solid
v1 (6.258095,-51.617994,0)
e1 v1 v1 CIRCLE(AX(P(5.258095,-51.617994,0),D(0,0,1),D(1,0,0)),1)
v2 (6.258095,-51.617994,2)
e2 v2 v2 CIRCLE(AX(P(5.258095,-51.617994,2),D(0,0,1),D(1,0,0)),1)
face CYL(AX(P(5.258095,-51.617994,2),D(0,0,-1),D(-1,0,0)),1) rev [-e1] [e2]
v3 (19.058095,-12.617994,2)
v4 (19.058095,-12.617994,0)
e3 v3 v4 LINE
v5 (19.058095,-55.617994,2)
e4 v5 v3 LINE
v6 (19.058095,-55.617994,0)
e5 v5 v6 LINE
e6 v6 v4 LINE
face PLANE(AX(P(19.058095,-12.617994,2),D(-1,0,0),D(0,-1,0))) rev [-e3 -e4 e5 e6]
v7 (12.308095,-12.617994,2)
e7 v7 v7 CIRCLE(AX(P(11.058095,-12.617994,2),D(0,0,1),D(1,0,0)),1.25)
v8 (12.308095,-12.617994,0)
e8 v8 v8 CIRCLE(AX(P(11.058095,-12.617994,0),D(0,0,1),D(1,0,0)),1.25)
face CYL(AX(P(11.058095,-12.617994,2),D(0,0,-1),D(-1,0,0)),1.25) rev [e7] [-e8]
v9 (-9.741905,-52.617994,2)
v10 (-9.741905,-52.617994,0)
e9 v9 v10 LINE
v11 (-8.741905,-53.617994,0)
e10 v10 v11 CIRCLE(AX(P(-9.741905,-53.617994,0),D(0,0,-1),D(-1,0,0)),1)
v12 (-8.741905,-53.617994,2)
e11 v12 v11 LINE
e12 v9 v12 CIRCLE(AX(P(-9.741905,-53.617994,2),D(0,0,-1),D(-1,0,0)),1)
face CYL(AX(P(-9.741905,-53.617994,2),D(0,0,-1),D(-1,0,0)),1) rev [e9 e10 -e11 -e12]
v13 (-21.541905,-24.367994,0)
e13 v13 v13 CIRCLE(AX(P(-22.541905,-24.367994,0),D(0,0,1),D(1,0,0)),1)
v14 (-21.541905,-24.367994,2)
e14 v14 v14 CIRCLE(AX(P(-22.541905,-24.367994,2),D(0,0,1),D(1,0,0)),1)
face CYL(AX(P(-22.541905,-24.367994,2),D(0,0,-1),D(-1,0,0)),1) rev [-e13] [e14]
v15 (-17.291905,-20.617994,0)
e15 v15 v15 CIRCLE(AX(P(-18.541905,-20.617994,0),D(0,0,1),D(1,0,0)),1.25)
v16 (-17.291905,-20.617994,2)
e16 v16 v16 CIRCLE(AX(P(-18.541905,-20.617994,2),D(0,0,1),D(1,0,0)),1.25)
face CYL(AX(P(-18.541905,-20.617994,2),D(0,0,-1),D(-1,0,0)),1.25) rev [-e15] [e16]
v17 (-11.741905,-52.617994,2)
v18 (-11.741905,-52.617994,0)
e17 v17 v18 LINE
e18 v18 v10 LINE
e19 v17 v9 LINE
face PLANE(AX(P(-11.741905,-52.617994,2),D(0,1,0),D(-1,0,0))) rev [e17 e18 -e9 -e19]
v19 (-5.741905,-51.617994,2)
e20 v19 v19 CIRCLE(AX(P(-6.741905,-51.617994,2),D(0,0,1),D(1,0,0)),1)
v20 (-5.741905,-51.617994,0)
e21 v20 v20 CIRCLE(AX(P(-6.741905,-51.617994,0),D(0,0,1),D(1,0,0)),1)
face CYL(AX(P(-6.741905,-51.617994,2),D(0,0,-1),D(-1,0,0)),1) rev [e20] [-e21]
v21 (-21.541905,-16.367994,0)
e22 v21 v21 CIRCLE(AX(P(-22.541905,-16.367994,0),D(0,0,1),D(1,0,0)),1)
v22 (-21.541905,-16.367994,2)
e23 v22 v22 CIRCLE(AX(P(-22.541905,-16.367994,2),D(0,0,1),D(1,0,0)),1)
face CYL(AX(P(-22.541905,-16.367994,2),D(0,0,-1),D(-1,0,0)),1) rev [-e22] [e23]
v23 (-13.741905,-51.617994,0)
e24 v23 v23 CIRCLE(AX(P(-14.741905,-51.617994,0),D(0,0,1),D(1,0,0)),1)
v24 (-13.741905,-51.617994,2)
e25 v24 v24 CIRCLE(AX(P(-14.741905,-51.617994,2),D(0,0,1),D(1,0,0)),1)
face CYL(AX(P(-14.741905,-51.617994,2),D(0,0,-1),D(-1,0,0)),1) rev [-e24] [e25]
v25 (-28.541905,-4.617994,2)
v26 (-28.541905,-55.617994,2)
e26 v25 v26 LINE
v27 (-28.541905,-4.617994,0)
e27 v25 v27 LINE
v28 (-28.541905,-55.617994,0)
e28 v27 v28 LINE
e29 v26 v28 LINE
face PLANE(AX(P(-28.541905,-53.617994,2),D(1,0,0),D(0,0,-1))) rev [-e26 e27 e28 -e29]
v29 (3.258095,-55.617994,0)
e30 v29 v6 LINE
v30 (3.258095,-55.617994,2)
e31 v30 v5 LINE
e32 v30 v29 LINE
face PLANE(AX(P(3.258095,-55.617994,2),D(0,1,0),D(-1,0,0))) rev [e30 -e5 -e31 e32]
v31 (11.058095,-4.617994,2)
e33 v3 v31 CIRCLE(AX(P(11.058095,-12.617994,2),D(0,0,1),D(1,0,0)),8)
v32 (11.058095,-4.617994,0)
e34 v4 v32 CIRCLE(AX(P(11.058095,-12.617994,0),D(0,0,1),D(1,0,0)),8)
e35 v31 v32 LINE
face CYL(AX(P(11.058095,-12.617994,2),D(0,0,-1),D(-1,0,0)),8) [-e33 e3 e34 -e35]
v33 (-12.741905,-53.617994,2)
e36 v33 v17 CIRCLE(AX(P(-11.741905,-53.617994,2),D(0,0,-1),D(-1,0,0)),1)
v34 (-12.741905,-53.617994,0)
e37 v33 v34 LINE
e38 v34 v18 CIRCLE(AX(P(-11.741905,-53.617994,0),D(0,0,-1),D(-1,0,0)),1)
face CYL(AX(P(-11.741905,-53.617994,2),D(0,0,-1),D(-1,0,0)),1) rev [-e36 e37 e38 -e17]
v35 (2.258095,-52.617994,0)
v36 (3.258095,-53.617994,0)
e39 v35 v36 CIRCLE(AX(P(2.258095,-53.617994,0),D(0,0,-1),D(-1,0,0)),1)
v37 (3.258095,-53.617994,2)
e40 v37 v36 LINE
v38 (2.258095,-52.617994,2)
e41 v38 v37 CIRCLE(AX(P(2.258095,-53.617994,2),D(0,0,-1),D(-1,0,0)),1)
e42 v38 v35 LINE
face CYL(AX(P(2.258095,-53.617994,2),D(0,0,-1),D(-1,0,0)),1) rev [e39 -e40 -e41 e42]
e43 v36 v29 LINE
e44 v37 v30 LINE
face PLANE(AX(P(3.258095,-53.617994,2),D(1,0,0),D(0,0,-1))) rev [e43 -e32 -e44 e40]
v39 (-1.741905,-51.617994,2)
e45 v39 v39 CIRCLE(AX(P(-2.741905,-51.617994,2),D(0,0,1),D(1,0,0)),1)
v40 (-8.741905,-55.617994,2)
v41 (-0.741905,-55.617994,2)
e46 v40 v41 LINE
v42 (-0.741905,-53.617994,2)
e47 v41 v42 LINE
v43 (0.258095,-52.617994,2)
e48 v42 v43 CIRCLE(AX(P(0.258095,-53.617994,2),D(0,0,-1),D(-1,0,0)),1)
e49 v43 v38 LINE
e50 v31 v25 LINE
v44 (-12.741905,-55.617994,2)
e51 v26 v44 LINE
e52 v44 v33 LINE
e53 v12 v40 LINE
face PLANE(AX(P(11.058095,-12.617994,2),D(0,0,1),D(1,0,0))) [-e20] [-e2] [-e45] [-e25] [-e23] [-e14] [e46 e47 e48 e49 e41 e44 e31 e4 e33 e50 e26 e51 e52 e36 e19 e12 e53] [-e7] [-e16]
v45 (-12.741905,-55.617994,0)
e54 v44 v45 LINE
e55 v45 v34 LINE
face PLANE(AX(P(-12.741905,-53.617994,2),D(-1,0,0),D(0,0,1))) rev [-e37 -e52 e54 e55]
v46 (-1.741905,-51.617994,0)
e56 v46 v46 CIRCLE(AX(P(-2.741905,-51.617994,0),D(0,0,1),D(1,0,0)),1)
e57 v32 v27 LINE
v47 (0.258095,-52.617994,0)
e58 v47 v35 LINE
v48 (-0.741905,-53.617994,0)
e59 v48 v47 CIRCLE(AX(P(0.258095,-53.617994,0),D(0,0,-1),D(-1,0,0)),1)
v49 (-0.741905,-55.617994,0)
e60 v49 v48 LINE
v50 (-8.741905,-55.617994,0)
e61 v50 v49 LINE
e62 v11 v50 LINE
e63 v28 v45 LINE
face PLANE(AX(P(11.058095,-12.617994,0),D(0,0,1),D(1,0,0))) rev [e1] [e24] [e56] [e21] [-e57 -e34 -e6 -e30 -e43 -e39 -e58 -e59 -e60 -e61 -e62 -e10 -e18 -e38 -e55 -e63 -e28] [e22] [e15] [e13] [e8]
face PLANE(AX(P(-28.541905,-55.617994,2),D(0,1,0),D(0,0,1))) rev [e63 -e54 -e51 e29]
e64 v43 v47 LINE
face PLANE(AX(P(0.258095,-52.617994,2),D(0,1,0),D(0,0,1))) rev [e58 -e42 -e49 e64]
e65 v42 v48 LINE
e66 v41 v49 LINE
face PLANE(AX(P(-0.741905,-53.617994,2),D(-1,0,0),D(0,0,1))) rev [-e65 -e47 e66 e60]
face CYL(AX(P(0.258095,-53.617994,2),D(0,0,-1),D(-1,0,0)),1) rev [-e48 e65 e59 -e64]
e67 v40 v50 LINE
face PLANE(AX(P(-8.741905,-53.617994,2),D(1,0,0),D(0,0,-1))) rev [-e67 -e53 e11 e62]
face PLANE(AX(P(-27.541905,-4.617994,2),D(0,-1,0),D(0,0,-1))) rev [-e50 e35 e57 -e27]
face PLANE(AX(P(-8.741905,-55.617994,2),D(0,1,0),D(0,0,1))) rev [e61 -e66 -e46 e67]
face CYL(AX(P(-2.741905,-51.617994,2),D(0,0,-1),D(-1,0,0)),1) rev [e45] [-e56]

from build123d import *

# Parameters (mm, degrees)
SKETCH_1_R      = 1.25
SKETCH_1_R_2    = 1
EXTRUDE_2_DEPTH = 2


with BuildPart() as part:
    # 草圖1 → 填料-伸長2 (new body)
    with BuildSketch(Plane.XY):
        with BuildLine():
            Line((-28.541905067, -5.335177429), (-28.541905067, -52.335177429))
            Line((-28.541905067, -52.335177429), (-28.541905067, -53.6179941))
            Line((-28.541905067, -53.6179941), (-28.541905067, -55.6179941))
            Line((-28.541905067, -55.6179941), (-12.741905067, -55.6179941))
            Line((-12.741905067, -55.6179941), (-12.741905067, -53.6179941))
            ThreePointArc((-12.741905067, -53.6179941), (-12.449011848, -52.910887319), (-11.741905067, -52.6179941))
            Line((-11.741905067, -52.6179941), (-9.741905067, -52.6179941))
            ThreePointArc((-9.741905067, -52.6179941), (-9.034798286, -52.910887319), (-8.741905067, -53.6179941))
            Line((-8.741905067, -53.6179941), (-8.741905067, -55.6179941))
            Line((-8.741905067, -55.6179941), (-0.741905067, -55.6179941))
            Line((-0.741905067, -55.6179941), (-0.741905067, -53.6179941))
            ThreePointArc((-0.741905067, -53.6179941), (-0.449011848, -52.910887319), (0.258094933, -52.6179941))
            Line((0.258094933, -52.6179941), (2.258094933, -52.6179941))
            ThreePointArc((2.258094933, -52.6179941), (2.965201714, -52.910887319), (3.258094933, -53.6179941))
            Line((3.258094933, -53.6179941), (3.258094933, -55.6179941))
            Line((3.258094933, -55.6179941), (19.058094933, -55.6179941))
            Line((19.058094933, -55.6179941), (19.058094933, -53.900810772))
            Line((19.058094933, -53.900810772), (19.058094933, -52.6179941))
            Line((19.058094933, -52.6179941), (19.058094933, -12.6179941))
            ThreePointArc((19.058094933, -12.6179941), (16.714949182, -6.961139851), (11.058094933, -4.6179941))
            Line((11.058094933, -4.6179941), (-27.541905067, -4.6179941))
            Line((-27.541905067, -4.6179941), (-28.541905067, -4.6179941))
            Line((-28.541905067, -4.6179941), (-28.541905067, -5.335177429))
        make_face()
        with Locations((-18.541905067, -20.6179941)):
            Circle(SKETCH_1_R, mode=Mode.SUBTRACT)
        with Locations((-6.741905067, -51.6179941)):
            Circle(SKETCH_1_R_2, mode=Mode.SUBTRACT)
        with Locations((-22.541905067, -16.3679941)):
            Circle(SKETCH_1_R_2, mode=Mode.SUBTRACT)
        with Locations((-22.541905067, -24.3679941)):
            Circle(SKETCH_1_R_2, mode=Mode.SUBTRACT)
        with Locations((11.058094933, -12.6179941)):
            Circle(SKETCH_1_R, mode=Mode.SUBTRACT)
        with Locations((-14.741905067, -51.6179941)):
            Circle(SKETCH_1_R_2, mode=Mode.SUBTRACT)
        with Locations((5.258094933, -51.6179941)):
            Circle(SKETCH_1_R_2, mode=Mode.SUBTRACT)
        with Locations((-2.741905067, -51.6179941)):
            Circle(SKETCH_1_R_2, mode=Mode.SUBTRACT)
    extrude(amount=EXTRUDE_2_DEPTH)


solid = part.part
